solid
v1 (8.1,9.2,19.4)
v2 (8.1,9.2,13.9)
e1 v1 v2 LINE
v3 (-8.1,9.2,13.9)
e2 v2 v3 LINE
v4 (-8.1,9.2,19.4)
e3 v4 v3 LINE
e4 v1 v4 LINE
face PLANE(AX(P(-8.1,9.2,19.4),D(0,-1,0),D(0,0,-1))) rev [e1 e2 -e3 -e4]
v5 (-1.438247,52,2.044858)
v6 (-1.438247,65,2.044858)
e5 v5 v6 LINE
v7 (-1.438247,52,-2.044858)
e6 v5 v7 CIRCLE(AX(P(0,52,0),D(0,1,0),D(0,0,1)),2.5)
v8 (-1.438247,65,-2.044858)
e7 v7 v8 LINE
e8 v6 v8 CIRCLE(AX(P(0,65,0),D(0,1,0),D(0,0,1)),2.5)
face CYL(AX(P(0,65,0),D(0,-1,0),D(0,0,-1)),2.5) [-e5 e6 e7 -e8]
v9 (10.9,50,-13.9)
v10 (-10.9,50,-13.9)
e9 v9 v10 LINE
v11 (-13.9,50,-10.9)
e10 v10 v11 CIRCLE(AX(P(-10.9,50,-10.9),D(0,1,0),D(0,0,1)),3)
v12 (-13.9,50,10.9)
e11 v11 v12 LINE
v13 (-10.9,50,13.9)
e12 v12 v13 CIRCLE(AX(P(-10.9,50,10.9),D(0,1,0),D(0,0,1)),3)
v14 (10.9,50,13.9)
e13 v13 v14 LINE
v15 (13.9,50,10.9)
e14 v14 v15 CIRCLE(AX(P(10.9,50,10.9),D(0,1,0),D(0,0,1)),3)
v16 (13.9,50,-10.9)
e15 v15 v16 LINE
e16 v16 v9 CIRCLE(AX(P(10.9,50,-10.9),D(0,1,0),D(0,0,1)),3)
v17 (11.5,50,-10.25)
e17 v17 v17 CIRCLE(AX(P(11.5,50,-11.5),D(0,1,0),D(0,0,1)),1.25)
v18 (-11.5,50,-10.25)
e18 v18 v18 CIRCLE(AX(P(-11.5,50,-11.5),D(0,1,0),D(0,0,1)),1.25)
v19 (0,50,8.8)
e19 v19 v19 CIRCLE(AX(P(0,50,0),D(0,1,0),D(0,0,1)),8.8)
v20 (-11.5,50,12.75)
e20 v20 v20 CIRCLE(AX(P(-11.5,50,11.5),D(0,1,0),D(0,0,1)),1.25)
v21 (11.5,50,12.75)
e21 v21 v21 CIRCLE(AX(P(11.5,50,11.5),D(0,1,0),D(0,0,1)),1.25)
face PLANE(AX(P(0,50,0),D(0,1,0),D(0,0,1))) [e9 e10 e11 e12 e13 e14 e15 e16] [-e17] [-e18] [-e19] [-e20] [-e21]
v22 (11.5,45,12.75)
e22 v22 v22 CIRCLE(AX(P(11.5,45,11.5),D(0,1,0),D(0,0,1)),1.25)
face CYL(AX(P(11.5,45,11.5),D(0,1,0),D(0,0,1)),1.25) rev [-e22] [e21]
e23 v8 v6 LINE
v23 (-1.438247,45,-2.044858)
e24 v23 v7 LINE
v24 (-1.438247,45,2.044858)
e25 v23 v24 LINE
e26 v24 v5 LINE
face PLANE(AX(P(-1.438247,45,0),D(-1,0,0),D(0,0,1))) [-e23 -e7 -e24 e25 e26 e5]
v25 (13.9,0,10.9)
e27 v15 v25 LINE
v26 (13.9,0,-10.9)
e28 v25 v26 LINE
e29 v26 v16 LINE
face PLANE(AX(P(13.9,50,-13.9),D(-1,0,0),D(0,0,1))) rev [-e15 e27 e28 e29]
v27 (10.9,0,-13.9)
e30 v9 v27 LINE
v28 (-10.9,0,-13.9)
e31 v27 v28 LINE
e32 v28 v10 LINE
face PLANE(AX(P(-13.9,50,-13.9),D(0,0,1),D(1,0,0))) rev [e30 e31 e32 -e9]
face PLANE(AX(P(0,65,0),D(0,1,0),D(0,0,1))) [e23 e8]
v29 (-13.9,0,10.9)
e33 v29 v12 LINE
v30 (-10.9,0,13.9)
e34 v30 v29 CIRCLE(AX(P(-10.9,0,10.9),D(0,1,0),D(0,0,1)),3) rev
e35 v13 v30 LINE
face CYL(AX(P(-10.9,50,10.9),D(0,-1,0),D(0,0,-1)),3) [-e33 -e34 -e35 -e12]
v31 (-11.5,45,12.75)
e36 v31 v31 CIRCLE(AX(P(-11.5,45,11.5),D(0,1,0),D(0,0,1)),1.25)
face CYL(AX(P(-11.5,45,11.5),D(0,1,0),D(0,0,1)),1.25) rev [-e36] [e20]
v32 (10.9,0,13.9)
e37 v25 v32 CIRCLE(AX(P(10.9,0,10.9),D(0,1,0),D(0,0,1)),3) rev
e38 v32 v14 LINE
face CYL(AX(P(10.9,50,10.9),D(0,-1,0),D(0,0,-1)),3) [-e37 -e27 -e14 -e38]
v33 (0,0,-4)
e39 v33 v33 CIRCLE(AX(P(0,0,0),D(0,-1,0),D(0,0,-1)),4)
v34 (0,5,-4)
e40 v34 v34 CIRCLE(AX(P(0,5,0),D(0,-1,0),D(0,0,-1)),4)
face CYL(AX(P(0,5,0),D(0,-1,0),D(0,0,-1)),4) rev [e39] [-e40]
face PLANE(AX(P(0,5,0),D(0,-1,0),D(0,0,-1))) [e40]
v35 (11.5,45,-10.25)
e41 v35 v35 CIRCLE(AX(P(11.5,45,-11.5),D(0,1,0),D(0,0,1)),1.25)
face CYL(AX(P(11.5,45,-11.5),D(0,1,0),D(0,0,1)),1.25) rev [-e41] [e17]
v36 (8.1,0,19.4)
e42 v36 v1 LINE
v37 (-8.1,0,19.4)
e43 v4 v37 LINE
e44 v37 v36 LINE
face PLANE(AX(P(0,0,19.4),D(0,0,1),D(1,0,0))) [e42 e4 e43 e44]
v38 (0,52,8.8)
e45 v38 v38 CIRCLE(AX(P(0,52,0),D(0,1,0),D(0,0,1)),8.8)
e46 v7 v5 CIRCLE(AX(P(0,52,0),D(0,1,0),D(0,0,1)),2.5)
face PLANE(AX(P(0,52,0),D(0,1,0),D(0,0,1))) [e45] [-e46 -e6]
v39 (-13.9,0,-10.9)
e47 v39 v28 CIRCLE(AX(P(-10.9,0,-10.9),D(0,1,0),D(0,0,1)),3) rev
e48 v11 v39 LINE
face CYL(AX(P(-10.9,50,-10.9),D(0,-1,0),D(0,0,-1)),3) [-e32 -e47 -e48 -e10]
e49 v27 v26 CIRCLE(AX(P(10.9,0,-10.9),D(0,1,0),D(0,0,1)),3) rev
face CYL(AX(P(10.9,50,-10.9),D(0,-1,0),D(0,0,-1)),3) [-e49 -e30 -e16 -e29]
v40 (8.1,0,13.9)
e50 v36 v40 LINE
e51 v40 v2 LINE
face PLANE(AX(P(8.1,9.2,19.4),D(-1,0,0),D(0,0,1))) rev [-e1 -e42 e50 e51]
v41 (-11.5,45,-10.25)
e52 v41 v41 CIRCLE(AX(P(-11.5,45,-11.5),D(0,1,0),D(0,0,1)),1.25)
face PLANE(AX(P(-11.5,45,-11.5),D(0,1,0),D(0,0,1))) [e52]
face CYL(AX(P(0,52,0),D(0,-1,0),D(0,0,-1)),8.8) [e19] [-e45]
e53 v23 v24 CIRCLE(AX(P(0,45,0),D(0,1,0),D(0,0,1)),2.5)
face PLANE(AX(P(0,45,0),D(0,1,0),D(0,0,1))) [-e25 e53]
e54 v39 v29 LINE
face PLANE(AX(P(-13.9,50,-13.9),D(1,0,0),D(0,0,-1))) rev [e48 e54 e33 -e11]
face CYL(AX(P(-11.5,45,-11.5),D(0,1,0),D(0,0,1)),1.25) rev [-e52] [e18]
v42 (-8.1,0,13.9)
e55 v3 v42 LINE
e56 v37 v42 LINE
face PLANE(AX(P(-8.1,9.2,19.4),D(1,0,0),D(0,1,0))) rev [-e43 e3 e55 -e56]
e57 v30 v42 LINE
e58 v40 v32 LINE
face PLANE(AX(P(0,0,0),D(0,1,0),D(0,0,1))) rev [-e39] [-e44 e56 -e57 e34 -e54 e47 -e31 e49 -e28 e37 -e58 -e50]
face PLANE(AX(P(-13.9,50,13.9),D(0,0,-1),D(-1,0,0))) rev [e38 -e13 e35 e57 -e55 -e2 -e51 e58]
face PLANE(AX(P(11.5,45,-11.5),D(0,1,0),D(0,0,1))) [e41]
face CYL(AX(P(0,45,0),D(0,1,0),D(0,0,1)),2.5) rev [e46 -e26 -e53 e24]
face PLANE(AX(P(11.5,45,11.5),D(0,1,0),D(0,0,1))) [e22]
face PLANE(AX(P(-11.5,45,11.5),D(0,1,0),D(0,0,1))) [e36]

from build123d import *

# Parameters (mm, degrees)
SKETCH_1_W          = 27.8
SKETCH_1_H          = 27.8
EXTRUDE_1_DEPTH     = 50
SKETCH_2_R          = 8.8
EXTRUDE_2_DEPTH     = 2
SKETCH_3_R          = 2.5
EXTRUDE_3_DEPTH     = 13
SKETCH_5_W          = 16.2
SKETCH_5_H          = 9.2
EXTRUDE_4_DEPTH     = 5.5
SKETCH_6_R          = 1.25
CUT_EXTRUDE_1_DEPTH = 5
FILLET_1_R          = 3
SKETCH_7_R          = 4
CUT_EXTRUDE_2_DEPTH = 5
CUT_EXTRUDE_START   = -20
CUT_EXTRUDE_3_DEPTH = 20


with BuildPart() as part:
    # 草图1 → 凸台-拉伸1 (new body)
    with BuildSketch(Plane(origin=(0, 0, 0), x_dir=(1, 0, 0), z_dir=(0, 1, 0))):
        Rectangle(SKETCH_1_W, SKETCH_1_H)
    extrude(amount=EXTRUDE_1_DEPTH)

    # 草图2 → 凸台-拉伸2 (add)
    with BuildSketch(Plane(origin=(0, 50, 0), x_dir=(1, 0, 0), z_dir=(0, 1, 0))):
        with Locations(Location((0, 0, 0), (0, 0, 270))):
            Circle(SKETCH_2_R)
    extrude(amount=EXTRUDE_2_DEPTH)

    # 草图3 → 凸台-拉伸3 (add)
    with BuildSketch(Plane(origin=(0, 52, 0), x_dir=(1, 0, 0), z_dir=(0, 1, 0))):
        with Locations(Location((0, 0, 0), (0, 0, 90))):
            Circle(SKETCH_3_R)
    extrude(amount=EXTRUDE_3_DEPTH)

    # 草图5 → 凸台-拉伸4 (add)
    with BuildSketch(Plane.XY.offset(13.9)):
        with Locations((0, 4.6)):
            Rectangle(SKETCH_5_W, SKETCH_5_H)
    extrude(amount=EXTRUDE_4_DEPTH)

    # 草图6 → 切除-拉伸1 (cut)
    with BuildSketch(Plane(origin=(0, 50, 0), x_dir=(1, 0, 0), z_dir=(0, 1, 0))):
        with Locations(Location((-11.5, 11.5, 0), (0, 0, 270))):
            Circle(SKETCH_6_R)
        with Locations(Location((11.5, 11.5, 0), (0, 0, 270))):
            Circle(SKETCH_6_R)
        with Locations(Location((11.5, -11.5, 0), (0, 0, 270))):
            Circle(SKETCH_6_R)
        with Locations(Location((-11.5, -11.5, 0), (0, 0, 270))):
            Circle(SKETCH_6_R)
    extrude(amount=-CUT_EXTRUDE_1_DEPTH, mode=Mode.SUBTRACT)

    # 圆角1
    fillet_1_edges = [part.edges().sort_by_distance(p)[0] for p in [
        (13.9, 25, 13.9),
        (-13.9, 25, 13.9),
        (-13.9, 25, -13.9),
        (13.9, 25, -13.9),
    ]]
    fillet(fillet_1_edges, radius=FILLET_1_R)

    # 草图7 → 切除-拉伸2 (cut)
    with BuildSketch(Plane.XZ):
        with Locations(Location((0, 0, 0), (0, 0, 270))):
            Circle(SKETCH_7_R)
    extrude(amount=-CUT_EXTRUDE_2_DEPTH, mode=Mode.SUBTRACT)

    # 草图8 → 切除-拉伸3 (cut)
    with BuildSketch(Plane(origin=(0, 65, 0), x_dir=(1, 0, 0), z_dir=(0, 1, 0)).offset(CUT_EXTRUDE_START)):
        with BuildLine():
            Line((-1.438247, -2.044858324), (-1.438247, 2.044858324))
            ThreePointArc((-1.438247, 2.044858324), (-2.5, 0), (-1.438247, -2.044858324))
        make_face()
    extrude(amount=CUT_EXTRUDE_3_DEPTH, mode=Mode.SUBTRACT)


solid = part.part
